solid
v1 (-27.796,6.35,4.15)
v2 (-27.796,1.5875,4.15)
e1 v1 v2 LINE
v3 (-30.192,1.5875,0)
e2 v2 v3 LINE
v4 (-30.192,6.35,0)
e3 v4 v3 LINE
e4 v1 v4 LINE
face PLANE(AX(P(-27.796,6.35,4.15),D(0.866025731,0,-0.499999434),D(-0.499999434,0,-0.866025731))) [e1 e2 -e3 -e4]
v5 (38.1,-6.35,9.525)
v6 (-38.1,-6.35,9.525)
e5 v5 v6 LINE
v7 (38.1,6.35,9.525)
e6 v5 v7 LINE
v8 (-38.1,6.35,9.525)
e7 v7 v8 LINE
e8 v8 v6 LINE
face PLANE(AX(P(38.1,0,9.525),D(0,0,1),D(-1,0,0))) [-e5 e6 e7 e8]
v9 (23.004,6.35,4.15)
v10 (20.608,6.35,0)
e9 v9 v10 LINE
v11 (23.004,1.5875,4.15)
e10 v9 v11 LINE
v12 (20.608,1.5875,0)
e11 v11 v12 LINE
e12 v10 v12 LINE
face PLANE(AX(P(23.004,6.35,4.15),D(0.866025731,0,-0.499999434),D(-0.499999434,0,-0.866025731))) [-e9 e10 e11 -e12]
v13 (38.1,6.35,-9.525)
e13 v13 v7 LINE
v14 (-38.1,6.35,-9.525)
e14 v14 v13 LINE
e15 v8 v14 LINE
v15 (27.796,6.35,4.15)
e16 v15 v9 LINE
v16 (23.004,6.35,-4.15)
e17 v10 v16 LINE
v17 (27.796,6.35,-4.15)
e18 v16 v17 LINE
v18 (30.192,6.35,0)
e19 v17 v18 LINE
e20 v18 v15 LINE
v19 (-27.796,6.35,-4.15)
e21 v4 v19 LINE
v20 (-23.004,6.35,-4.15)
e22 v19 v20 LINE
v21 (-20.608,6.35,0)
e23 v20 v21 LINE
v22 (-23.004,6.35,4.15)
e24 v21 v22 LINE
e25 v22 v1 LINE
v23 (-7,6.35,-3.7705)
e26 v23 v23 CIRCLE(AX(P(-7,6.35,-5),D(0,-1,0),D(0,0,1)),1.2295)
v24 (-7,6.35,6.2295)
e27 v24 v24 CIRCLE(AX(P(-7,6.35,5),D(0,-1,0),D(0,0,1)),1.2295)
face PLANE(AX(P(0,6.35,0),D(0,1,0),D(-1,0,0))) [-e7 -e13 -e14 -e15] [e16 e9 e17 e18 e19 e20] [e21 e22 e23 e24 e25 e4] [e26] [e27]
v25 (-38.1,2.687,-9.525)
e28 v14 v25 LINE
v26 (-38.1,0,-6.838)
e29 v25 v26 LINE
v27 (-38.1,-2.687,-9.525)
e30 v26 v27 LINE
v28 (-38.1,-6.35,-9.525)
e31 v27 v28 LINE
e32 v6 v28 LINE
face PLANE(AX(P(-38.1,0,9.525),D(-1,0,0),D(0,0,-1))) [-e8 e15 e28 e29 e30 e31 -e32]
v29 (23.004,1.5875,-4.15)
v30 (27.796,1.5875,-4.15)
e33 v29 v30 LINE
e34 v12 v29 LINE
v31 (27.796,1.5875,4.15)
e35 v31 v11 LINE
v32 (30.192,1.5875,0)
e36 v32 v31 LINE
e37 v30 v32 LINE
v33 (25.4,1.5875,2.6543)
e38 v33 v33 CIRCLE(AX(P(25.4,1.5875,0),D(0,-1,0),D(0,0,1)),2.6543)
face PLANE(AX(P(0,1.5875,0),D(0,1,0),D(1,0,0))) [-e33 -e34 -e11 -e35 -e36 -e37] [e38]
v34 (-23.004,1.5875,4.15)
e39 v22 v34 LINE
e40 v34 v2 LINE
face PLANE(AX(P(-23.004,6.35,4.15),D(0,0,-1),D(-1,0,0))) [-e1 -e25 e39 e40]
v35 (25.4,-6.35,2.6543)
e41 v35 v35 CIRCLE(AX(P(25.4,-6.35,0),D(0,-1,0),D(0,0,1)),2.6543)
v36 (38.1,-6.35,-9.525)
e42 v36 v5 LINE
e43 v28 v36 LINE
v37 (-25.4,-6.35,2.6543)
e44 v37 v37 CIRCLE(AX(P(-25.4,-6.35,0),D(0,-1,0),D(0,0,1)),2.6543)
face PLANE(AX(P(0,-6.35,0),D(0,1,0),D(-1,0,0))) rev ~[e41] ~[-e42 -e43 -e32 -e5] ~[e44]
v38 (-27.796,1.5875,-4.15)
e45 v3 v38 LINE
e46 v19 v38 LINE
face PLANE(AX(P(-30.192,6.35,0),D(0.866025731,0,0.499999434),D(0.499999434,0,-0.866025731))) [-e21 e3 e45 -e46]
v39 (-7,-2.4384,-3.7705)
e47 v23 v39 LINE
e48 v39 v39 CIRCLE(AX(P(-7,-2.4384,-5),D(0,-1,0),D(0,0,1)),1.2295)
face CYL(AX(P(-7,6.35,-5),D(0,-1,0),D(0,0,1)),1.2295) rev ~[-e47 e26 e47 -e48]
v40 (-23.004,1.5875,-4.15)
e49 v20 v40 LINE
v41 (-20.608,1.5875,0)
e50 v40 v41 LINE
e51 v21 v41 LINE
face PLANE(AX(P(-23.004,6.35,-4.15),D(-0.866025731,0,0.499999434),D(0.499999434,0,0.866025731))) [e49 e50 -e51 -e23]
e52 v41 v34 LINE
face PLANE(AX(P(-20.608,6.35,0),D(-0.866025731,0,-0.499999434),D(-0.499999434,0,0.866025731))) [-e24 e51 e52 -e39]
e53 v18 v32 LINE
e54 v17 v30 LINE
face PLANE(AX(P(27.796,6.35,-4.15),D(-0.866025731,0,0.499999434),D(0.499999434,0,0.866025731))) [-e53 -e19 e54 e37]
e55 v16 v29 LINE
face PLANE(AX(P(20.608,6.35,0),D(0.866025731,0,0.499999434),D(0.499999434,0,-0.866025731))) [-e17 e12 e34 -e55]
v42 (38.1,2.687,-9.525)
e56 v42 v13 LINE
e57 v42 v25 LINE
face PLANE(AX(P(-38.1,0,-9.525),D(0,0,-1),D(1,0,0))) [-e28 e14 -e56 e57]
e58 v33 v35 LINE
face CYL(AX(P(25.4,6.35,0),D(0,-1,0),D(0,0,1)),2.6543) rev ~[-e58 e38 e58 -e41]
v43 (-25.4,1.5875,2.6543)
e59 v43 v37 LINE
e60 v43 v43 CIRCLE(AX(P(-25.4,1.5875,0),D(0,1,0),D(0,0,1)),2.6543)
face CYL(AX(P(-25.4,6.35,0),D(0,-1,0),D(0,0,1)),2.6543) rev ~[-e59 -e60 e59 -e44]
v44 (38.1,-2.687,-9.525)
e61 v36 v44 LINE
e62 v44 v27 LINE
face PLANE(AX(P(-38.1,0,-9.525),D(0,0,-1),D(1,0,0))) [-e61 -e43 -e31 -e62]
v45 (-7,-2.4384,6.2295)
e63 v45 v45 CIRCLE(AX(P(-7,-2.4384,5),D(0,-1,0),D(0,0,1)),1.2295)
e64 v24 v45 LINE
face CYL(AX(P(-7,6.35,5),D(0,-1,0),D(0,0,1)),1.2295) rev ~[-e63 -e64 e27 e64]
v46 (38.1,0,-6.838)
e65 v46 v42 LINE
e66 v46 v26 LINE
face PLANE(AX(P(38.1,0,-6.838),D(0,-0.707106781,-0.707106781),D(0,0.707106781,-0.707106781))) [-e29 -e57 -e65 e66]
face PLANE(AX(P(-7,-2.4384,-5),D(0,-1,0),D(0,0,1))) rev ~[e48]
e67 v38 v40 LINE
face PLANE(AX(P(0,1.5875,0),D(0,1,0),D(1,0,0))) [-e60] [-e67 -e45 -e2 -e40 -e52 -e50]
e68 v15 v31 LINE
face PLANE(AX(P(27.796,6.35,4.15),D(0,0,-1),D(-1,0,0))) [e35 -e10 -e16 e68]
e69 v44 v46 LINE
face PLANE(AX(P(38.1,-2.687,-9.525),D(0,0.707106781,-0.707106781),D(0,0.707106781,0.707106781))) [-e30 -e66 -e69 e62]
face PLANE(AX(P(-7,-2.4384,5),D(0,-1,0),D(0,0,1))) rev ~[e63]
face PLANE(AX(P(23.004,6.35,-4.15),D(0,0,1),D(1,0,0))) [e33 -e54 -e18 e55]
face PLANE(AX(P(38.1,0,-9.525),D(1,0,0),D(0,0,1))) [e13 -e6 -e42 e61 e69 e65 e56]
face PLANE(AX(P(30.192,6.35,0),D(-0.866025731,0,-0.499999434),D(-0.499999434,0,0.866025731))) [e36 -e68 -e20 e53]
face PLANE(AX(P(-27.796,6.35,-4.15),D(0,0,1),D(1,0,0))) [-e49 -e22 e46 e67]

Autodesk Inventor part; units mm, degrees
ref_plane "YZ Plane" through (0, 0, 0) normal (1, 0, 0) x (0, 1, 0)
ref_plane "XZ Plane" through (0, 0, 0) normal (0, 1, 0) x (-1, 0, 0)
ref_plane "XY Plane" through (0, 0, 0) normal (0, 0, 1) x (1, 0, 0)
sketch "Sketch1" plane through (0, 0, 0) normal (0, 1, 0) x (-1, 0, 0)
  line L0 (-38.1, 9.525) -> (38.1, 9.525)
  line L1 (38.1, 9.525) -> (38.1, -9.525)
  line L2 (38.1, -9.525) -> (-38.1, -9.525)
  line L3 (-38.1, -9.525) -> (-38.1, 9.525)
  line L4 (-38.1, 9.525) -> (38.1, -9.525) construction
  line L5 (38.1, 9.525) -> (-38.1, -9.525) construction
  point P0 (0, 0)
  dimension "d0" = 76.2
  dimension "d1" = 19.05
extrude "Extrusion1" add sketch "Sketch1" along normal mid plane 12.7
sketch "Sketch2" plane through (38.1, -6.35, -9.525) normal (1, 0, 0) x (0, 0, -1)
  line L0 (0, 3.663) -> (-2.687, 6.35)
  line L1 (-2.687, 6.35) -> (0, 9.037)
  line L2 (0, 9.037) -> (2.687, 6.35)
  line L3 (2.687, 6.35) -> (0, 3.663)
  line L4 (-19.05, 12.7) -> (0, 12.7) projected
  line L5 (0, 12.7) -> (0, 0) projected
  point P0 (-9.525, 6.35)
  point P1 (0, 6.35)
  dimension "d4" = 45
  dimension "d5" = 3.8
extrude "Extrusion2" cut sketch "Sketch2" against normal through all
sketch "Sketch5" plane through (0, 6.35, 0) normal (0, 1, 0) x (1, 0, 0)
  line L0 (-38.1, 9.525) -> (-38.1, -9.525) projected
  line L1 (38.1, -9.525) -> (38.1, 9.525) projected
  point P0 (0, 0)
  point P1 (-25.4, 0)
  point P2 (25.4, 0)
  dimension "d18" = 12.7
  dimension "d19" = 12.7
hole "Hole1" at (-25.4, 6.35, 0) at (25.4, 6.35, 0) direction (0, -1, 0) diameter 5.3086 end through all clearance for "Flat Head Machine Screw" size "M5" standard "Ansi Metric M Profile"
sketch "Sketch7" plane through (0, 6.35, 0) normal (0, 1, 0) x (1, 0, 0)
  circle A0 centre (-25.4, 0) radius 2.6543 projected
  circle A1 centre (25.4, 0) radius 2.6543 projected
  line L0 (-23.004, 4.15) -> (-20.608, 0)
  line L1 (-20.608, 0) -> (-23.004, -4.15)
  line L2 (-23.004, -4.15) -> (-27.796, -4.15)
  line L3 (-27.796, -4.15) -> (-30.192, 0)
  line L4 (-30.192, 0) -> (-27.796, 4.15)
  line L5 (-27.796, 4.15) -> (-23.004, 4.15)
  line L6 (23.004, -4.15) -> (20.608, 0)
  line L7 (20.608, 0) -> (23.004, 4.15)
  line L8 (23.004, 4.15) -> (27.796, 4.15)
  line L9 (27.796, 4.15) -> (30.192, 0)
  line L10 (30.192, 0) -> (27.796, -4.15)
  line L11 (27.796, -4.15) -> (23.004, -4.15)
  point P0 (0, 0)
  dimension "d39" = 8.3
  dimension "d40" = 8.3
extrude "Extrusion5" cut sketch "Sketch7" against normal blind 4.7625 contours A1 | L0 L1 L2 L3 L4 L5 | L6 L7 L8 L9 L10 L11
sketch "Sketch8" plane through (0, 6.35, 0) normal (0, 1, 0) x (1, 0, 0)
  point P0 (0, 0)
  point P1 (-7, -5)
  point P2 (-7, 5)
  dimension "d43" = 10
  dimension "d52" = 7
  dimension "d53" = 5
hole "Hole3" at (-7, 6.35, 5) at (-7, 6.35, -5) direction (0, -1, 0) diameter 2.459 depth 8.7884 thread size "M3x0.5" class "6H" standard "ANSI Metric M Profile"
equation "\"d40\" = d39"
properties part number "X-Axis_Mount_Slide_Endstop_MountLM3046" material "Acetal Resin, White"
